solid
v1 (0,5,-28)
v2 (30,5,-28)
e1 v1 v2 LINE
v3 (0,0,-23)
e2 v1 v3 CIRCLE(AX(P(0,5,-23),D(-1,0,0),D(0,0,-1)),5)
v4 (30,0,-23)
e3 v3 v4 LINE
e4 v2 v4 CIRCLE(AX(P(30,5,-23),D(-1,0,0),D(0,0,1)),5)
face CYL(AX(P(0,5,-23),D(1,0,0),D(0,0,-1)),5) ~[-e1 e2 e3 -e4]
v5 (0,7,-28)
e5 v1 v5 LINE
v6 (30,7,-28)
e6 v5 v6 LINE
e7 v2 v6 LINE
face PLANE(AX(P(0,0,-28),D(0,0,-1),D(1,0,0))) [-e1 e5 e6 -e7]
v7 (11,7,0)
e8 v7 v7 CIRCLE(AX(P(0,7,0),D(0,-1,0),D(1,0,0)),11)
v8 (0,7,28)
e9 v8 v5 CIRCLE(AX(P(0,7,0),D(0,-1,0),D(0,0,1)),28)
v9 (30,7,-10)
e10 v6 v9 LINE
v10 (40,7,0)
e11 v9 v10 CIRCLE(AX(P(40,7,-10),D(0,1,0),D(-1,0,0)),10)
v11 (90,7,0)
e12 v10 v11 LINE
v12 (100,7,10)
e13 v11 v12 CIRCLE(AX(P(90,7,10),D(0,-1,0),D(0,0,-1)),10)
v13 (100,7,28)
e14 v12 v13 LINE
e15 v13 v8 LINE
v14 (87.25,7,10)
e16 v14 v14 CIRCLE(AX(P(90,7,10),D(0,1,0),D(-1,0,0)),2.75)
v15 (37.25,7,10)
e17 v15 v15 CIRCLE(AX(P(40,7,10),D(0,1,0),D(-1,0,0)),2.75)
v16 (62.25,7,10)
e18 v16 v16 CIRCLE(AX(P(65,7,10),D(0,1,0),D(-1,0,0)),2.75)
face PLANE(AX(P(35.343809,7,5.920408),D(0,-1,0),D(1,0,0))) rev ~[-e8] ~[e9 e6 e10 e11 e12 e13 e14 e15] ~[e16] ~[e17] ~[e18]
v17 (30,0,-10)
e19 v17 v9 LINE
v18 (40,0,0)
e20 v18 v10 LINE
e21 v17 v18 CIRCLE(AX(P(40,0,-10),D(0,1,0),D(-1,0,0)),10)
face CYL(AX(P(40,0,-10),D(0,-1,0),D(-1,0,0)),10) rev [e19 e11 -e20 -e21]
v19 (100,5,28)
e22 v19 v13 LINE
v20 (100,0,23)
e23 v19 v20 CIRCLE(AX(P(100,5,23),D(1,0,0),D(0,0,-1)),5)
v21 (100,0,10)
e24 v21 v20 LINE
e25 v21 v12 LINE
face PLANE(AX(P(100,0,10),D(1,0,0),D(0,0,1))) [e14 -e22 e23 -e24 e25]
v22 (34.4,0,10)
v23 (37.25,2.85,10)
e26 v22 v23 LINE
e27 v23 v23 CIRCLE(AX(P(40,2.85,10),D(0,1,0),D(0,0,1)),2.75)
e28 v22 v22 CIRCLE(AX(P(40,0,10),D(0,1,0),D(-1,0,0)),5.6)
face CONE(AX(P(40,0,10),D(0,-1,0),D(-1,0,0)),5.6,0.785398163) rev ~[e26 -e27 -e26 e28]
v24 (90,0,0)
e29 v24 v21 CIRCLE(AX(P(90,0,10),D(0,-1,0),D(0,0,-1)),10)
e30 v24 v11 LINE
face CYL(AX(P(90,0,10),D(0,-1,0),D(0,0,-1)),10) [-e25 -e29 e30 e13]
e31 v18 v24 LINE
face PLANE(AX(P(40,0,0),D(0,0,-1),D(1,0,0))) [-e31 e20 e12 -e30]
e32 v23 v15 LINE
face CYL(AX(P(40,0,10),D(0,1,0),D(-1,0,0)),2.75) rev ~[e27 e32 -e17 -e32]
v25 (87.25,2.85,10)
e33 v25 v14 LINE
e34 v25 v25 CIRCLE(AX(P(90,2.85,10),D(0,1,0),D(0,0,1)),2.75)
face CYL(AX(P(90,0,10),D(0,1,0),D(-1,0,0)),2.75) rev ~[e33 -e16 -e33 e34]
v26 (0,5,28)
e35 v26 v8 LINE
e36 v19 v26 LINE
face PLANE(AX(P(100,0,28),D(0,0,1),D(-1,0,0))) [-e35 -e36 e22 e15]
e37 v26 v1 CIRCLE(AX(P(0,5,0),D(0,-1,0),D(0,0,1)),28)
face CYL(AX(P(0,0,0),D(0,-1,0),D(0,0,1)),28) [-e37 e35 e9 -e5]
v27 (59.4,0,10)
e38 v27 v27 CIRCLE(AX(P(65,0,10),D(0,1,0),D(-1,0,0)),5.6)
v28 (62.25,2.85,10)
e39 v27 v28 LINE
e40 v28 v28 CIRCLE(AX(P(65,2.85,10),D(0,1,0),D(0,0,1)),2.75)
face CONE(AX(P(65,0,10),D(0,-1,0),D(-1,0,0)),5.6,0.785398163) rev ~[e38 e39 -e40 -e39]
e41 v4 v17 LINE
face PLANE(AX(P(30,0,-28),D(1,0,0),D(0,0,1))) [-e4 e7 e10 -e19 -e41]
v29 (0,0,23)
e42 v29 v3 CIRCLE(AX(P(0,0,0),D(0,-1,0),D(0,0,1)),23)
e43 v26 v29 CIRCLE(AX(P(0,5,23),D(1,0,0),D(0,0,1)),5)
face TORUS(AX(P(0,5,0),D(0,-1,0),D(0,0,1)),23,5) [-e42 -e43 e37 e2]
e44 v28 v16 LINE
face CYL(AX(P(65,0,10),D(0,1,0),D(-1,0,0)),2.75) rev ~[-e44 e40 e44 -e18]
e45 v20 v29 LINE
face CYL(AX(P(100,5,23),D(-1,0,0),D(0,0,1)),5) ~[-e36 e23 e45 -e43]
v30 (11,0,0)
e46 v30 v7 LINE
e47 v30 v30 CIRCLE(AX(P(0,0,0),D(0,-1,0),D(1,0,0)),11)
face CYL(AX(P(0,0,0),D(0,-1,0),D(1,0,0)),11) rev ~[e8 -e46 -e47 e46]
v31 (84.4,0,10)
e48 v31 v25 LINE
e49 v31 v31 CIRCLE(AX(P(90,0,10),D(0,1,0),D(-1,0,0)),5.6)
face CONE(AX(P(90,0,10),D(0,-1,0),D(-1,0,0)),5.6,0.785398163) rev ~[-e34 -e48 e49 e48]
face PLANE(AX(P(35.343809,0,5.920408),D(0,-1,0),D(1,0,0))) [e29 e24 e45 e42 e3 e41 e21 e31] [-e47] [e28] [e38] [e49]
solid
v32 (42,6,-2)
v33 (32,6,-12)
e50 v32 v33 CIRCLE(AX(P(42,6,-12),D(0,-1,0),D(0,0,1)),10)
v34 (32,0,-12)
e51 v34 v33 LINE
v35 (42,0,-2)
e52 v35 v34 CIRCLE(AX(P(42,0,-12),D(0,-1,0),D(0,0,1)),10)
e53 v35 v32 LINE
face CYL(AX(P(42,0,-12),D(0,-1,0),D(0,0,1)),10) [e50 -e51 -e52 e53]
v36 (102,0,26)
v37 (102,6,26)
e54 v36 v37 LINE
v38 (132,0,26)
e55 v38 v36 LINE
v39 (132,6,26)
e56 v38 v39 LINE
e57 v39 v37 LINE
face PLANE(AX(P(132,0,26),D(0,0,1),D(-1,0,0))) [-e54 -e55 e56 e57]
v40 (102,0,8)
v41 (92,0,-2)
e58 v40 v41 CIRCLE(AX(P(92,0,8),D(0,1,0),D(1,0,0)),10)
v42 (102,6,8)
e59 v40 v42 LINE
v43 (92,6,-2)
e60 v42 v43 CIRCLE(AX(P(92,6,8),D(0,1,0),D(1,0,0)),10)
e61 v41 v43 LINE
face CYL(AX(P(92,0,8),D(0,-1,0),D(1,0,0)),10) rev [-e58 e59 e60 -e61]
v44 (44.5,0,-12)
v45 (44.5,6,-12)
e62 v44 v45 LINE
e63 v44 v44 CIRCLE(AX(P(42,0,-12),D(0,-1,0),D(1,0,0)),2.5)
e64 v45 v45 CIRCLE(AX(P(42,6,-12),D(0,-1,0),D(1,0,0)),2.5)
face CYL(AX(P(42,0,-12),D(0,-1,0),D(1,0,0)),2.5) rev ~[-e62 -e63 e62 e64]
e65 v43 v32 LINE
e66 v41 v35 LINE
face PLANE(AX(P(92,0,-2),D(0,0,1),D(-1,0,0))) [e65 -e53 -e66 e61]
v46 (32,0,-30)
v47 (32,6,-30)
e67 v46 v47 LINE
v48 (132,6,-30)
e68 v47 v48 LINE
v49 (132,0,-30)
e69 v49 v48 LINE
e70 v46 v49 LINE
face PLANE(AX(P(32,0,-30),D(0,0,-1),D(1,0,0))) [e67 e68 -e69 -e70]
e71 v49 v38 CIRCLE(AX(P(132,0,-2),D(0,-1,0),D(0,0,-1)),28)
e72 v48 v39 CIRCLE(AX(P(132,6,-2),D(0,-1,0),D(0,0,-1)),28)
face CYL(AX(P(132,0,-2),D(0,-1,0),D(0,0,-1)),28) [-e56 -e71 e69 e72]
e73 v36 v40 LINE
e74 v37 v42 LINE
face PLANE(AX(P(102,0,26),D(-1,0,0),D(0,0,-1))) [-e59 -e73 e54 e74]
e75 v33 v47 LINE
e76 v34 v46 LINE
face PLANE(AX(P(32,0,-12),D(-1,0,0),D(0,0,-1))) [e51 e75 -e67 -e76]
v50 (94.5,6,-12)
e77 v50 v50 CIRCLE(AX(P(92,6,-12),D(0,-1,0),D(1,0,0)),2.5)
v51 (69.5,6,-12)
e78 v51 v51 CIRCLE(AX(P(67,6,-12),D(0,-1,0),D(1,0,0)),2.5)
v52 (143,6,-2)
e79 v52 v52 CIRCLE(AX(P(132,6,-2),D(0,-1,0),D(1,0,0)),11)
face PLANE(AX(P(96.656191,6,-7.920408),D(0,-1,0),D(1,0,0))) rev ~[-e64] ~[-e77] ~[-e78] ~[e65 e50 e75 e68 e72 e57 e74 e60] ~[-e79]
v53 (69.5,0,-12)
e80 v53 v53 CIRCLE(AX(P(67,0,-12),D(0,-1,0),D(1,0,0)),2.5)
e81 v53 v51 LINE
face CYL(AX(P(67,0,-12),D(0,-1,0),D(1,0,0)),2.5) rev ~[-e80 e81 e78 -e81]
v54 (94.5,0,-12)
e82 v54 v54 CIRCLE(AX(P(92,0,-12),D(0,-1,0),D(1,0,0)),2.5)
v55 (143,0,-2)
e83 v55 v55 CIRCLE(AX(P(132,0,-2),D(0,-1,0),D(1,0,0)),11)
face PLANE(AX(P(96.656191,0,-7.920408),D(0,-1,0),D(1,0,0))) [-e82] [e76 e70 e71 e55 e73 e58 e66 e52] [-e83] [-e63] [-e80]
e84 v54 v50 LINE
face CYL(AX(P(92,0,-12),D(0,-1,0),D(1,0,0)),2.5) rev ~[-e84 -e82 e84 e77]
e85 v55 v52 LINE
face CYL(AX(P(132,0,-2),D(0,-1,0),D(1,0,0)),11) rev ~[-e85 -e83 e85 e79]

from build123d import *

# Parameters (mm, degrees)
F0_R           = 11
F0_R_2         = 2.5
F1_DEPTH       = 7
F2_R           = 5
F3_D           = 5.5
F3_CSINK_D     = 11.2
F3_CSINK_ANGLE = 90
F4_DEPTH       = 6


with BuildPart() as f1:
    # F0 (on Front) → F1 (new body)
    with BuildSketch(Plane.XZ):
        with BuildLine():
            Line((100, 28), (0, 28))
            ThreePointArc((0, 28), (-28, 0), (0, -28))
            Line((0, -28), (30, -28))
            Line((30, -28), (30, -10))
            ThreePointArc((30, -10), (32.9289321881, -2.9289321881), (40, 0))
            Line((40, 0), (90, 0))
            ThreePointArc((90, 0), (97.0710678119, 2.9289321881), (100, 10))
            Line((100, 10), (100, 28))
        make_face()
        Circle(F0_R, mode=Mode.SUBTRACT)
        with Locations((40, 10)):
            Circle(F0_R_2, mode=Mode.SUBTRACT)
        with Locations((65, 10)):
            Circle(F0_R_2, mode=Mode.SUBTRACT)
        with Locations((90, 10)):
            Circle(F0_R_2, mode=Mode.SUBTRACT)
    extrude(amount=-F1_DEPTH)

    # F2
    f2_edges = [f1.edges().sort_by_distance(p)[0] for p in [
        (50, 0, 28),
    ]]
    fillet(f2_edges, radius=F2_R)

    # F3 (through all)
    with Locations(Plane.XZ):
        with Locations((90, 10), (65, 10), (40, 10)):
            CounterSinkHole(F3_D / 2, F3_CSINK_D / 2, counter_sink_angle=F3_CSINK_ANGLE)


with BuildPart() as f4:
    # F0 (on Front) → F4 (new body)
    with BuildSketch(Plane.XZ):
        with BuildLine():
            Line((32, -30), (132, -30))
            ThreePointArc((132, -30), (160, -2), (132, 26))
            Line((132, 26), (102, 26))
            Line((102, 26), (102, 8))
            ThreePointArc((102, 8), (99.0710678119, 0.9289321881), (92, -2))
            Line((92, -2), (42, -2))
            ThreePointArc((42, -2), (34.9289321881, -4.9289321881), (32, -12))
            Line((32, -12), (32, -30))
        make_face()
        with Locations((42, -12)):
            Circle(F0_R_2, mode=Mode.SUBTRACT)
        with Locations((67, -12)):
            Circle(F0_R_2, mode=Mode.SUBTRACT)
        with Locations((92, -12)):
            Circle(F0_R_2, mode=Mode.SUBTRACT)
        with Locations((132, -2)):
            Circle(F0_R, mode=Mode.SUBTRACT)
    extrude(amount=-F4_DEPTH)


solid = Compound([f1.part, f4.part])
